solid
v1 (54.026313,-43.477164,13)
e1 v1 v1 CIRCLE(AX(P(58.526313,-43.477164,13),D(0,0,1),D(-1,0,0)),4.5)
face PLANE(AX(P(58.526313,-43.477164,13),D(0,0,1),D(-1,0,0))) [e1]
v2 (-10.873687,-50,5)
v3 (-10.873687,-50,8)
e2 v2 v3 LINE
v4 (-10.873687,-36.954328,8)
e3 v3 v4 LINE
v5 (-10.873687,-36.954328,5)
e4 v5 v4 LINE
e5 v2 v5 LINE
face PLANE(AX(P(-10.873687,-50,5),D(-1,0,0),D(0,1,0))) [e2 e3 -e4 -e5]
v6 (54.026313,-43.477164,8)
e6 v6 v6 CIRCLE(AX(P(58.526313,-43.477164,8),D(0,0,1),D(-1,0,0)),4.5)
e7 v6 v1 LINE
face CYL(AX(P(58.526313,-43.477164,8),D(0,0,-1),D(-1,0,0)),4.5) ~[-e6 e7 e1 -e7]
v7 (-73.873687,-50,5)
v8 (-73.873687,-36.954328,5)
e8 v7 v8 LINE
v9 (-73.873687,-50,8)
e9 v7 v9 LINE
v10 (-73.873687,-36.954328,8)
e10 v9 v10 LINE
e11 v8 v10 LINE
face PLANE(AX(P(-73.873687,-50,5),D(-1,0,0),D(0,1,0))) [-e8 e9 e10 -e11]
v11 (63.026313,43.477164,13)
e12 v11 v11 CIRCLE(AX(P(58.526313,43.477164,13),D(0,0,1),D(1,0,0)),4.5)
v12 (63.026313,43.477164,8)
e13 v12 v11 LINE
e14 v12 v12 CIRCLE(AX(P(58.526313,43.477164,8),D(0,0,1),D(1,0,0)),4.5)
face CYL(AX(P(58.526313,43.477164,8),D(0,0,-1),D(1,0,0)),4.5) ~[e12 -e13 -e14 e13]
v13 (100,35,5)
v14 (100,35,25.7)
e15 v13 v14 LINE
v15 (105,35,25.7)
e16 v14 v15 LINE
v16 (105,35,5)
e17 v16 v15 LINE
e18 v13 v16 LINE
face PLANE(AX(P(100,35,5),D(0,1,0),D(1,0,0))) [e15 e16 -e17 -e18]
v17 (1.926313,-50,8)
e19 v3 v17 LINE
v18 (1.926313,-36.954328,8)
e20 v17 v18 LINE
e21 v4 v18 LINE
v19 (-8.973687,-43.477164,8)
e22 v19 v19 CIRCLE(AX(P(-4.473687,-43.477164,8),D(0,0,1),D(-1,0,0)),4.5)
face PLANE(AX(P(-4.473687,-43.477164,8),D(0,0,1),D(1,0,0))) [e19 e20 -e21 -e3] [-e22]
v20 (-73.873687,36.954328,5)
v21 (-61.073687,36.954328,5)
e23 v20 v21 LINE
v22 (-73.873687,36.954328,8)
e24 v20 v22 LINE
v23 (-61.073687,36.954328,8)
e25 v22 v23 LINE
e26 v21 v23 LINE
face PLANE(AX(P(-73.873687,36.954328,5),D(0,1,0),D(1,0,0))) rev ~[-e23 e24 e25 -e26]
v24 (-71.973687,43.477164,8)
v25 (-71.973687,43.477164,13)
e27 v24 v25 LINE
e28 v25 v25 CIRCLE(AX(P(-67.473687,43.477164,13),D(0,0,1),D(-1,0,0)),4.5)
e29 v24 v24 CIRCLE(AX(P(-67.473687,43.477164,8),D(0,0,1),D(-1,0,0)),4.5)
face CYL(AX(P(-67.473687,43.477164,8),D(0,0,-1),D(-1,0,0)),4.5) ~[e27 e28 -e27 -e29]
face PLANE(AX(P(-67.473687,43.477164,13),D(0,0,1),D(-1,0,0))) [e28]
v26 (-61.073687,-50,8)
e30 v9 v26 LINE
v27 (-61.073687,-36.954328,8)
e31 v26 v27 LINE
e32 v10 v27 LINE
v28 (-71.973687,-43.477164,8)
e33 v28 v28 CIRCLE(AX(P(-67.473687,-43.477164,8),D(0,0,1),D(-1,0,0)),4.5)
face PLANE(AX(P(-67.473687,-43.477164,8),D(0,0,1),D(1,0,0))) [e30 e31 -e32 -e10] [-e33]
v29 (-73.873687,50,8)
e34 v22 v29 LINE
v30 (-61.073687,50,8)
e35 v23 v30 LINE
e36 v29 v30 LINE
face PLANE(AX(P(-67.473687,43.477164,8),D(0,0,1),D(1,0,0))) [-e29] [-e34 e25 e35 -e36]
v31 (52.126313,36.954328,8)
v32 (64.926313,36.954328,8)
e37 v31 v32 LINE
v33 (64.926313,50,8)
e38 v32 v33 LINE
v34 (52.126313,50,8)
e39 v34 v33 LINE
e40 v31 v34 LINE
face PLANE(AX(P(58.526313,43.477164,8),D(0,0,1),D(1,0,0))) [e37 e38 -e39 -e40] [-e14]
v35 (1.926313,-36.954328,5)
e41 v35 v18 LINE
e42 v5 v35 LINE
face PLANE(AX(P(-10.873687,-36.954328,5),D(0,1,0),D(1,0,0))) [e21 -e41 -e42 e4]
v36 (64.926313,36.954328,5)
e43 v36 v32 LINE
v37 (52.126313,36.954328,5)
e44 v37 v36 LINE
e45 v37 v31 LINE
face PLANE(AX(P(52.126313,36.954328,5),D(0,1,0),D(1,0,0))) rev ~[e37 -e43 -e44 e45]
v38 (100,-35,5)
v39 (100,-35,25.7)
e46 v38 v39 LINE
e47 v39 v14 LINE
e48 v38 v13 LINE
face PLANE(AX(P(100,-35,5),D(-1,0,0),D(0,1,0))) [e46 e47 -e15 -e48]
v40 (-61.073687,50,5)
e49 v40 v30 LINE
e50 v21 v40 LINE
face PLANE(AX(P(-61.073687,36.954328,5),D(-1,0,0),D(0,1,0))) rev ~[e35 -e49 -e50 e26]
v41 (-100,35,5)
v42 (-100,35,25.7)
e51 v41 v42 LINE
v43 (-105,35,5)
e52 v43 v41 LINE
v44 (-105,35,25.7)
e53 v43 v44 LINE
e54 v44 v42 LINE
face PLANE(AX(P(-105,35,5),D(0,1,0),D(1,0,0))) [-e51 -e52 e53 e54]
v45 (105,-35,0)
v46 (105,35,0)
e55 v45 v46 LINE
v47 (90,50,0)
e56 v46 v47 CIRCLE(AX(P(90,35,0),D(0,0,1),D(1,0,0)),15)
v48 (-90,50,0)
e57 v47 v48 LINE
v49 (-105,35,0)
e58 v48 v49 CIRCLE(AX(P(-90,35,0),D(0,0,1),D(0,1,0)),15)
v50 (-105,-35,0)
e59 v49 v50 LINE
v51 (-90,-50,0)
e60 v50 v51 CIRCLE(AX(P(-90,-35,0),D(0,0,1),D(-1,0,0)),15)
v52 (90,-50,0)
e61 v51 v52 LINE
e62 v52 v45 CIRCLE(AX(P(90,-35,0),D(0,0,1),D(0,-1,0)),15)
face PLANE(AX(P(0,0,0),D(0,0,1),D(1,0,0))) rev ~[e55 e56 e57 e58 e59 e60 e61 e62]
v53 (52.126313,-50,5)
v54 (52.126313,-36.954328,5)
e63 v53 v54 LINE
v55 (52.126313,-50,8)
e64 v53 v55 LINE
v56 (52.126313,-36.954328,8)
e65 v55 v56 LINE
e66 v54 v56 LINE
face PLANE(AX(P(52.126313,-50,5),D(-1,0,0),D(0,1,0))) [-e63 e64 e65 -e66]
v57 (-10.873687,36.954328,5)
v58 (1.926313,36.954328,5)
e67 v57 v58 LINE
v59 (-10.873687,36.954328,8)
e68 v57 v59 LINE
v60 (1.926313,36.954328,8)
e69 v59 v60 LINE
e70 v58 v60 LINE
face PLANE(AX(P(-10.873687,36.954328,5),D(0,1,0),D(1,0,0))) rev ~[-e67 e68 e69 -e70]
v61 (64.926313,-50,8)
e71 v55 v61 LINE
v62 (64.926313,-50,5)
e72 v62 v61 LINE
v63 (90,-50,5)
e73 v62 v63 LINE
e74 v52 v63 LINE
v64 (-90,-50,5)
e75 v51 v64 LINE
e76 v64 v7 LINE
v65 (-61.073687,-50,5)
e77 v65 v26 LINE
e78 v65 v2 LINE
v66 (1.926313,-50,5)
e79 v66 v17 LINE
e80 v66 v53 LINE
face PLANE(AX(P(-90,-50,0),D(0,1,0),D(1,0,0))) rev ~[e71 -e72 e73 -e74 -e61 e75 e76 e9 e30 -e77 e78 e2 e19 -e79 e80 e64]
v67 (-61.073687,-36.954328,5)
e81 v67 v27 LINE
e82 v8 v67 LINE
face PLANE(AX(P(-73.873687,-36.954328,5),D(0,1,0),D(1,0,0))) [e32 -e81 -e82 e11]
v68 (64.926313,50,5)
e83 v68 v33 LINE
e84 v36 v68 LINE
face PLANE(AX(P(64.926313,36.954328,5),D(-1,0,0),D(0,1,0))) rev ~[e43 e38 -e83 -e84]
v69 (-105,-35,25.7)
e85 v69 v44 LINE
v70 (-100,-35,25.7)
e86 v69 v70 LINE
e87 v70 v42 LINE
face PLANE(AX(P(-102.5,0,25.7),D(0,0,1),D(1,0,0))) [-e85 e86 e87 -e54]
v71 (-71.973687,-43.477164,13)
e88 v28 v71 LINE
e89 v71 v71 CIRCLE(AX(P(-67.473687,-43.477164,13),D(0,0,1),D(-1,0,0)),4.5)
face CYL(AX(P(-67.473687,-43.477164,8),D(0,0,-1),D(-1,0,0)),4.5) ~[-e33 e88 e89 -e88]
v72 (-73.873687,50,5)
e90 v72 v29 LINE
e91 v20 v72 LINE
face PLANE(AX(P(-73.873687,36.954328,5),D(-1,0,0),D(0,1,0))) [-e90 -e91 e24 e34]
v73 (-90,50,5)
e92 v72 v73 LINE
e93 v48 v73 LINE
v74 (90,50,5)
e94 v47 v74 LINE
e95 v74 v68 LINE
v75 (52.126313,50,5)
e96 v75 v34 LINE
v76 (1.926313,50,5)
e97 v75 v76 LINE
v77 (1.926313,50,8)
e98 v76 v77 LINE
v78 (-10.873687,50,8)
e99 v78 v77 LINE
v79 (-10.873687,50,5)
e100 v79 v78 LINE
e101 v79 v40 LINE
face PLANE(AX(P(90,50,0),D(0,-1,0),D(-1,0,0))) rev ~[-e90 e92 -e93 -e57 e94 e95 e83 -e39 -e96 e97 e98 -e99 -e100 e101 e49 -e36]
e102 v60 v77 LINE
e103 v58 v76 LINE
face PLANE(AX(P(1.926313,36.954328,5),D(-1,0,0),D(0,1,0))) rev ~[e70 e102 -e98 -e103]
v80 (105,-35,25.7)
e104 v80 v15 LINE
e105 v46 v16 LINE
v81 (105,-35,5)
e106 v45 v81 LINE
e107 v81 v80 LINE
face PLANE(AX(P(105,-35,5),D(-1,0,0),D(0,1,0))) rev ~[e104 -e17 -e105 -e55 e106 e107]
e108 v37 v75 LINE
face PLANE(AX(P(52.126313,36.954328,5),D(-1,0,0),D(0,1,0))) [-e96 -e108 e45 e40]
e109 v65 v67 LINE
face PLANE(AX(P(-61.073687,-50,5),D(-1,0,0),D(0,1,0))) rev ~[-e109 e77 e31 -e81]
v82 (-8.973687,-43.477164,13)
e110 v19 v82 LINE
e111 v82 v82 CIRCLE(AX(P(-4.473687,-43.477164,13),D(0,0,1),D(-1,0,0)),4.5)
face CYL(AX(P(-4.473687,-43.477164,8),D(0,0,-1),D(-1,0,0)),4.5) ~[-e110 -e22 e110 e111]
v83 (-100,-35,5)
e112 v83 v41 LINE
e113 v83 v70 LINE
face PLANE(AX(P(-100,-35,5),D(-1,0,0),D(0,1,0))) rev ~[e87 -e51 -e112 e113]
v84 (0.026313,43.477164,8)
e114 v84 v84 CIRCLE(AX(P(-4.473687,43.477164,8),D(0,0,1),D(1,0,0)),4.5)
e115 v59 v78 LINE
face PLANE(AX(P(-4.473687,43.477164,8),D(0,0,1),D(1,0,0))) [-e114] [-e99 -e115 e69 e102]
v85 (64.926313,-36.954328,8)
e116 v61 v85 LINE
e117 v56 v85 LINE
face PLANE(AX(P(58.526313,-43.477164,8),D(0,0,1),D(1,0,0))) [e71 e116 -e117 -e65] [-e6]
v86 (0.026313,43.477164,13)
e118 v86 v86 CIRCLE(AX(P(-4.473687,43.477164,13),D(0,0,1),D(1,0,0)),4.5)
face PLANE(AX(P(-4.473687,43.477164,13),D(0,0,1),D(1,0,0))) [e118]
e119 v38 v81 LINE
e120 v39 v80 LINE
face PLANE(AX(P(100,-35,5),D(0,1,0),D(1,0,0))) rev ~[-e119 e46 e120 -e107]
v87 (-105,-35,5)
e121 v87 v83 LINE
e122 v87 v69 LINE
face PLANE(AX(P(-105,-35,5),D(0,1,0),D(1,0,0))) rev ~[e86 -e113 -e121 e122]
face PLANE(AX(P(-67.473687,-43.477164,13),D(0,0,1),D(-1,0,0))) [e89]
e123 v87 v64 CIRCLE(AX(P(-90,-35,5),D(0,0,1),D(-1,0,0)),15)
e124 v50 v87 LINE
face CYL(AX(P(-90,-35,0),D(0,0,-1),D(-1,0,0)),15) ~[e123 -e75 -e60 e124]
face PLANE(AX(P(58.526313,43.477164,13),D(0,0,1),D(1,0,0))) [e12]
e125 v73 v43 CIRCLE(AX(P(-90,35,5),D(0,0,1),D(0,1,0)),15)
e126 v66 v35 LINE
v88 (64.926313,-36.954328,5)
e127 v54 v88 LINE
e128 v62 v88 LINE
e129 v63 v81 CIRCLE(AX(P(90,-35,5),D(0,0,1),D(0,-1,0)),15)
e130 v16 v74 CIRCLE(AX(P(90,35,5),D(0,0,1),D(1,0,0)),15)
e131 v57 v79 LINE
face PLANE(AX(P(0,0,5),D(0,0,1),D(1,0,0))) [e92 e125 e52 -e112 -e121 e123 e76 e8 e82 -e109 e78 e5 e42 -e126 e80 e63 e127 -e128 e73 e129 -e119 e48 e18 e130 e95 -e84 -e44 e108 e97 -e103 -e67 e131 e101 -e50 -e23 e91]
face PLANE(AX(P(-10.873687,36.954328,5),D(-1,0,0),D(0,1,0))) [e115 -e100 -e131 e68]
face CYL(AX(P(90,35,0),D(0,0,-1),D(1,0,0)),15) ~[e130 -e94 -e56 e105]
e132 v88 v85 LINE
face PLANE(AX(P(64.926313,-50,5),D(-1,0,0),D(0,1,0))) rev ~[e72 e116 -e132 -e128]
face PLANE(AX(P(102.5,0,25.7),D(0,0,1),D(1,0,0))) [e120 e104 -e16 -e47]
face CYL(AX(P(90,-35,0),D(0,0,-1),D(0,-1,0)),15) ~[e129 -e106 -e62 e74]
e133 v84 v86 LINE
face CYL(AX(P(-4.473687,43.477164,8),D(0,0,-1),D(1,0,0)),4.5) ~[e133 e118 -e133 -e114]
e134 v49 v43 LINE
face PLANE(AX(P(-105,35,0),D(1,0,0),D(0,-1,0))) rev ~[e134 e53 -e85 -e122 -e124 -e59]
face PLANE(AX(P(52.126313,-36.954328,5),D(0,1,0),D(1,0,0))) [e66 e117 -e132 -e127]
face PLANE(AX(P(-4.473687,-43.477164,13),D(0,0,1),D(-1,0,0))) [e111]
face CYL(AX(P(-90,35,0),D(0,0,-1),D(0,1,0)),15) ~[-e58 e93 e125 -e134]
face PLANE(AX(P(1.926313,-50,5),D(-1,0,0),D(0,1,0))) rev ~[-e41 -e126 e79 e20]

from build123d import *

# Parameters (mm, degrees)
BOSS_EXTRUDE1_DEPTH = 5
SKETCH3_W           = 5
SKETCH3_H           = 70
BOSS_EXTRUDE3_DEPTH = 20.7
SKETCH2_W           = 12.8
SKETCH2_H           = 13.045671514
BOSS_EXTRUDE4_DEPTH = 3
SKETCH4_R           = 4.5
BOSS_EXTRUDE5_DEPTH = 5


with BuildPart() as part:
    # Sketch1 → Boss-Extrude1 (new body)
    with BuildSketch(Plane.XY):
        with BuildLine():
            Line((-90, -50), (90, -50))
            ThreePointArc((90, -50), (100.606601718, -45.606601718), (105, -35))
            Line((105, -35), (105, 35))
            ThreePointArc((105, 35), (100.606601718, 45.606601718), (90, 50))
            Line((90, 50), (-90, 50))
            ThreePointArc((-90, 50), (-100.606601718, 45.606601718), (-105, 35))
            Line((-105, 35), (-105, -35))
            ThreePointArc((-105, -35), (-100.606601718, -45.606601718), (-90, -50))
        make_face()
    extrude(amount=BOSS_EXTRUDE1_DEPTH)

    # Sketch3 → Boss-Extrude3 (add)
    with BuildSketch(Plane.XY.offset(5)):
        with Locations((102.5, 0)):
            Rectangle(SKETCH3_W, SKETCH3_H)
        with Locations((-102.5, 0)):
            Rectangle(SKETCH3_W, SKETCH3_H)
    extrude(amount=BOSS_EXTRUDE3_DEPTH)

    # Sketch2 → Boss-Extrude4 (add)
    with BuildSketch(Plane.XY.offset(5)):
        with Locations((-67.473686504, 43.477164243)):
            Rectangle(SKETCH2_W, SKETCH2_H)
        with Locations((-4.473686504, 43.477164243)):
            Rectangle(SKETCH2_W, SKETCH2_H)
        with Locations((58.526313496, 43.477164243)):
            Rectangle(SKETCH2_W, SKETCH2_H)
        with Locations((-67.473686504, -43.477164243)):
            Rectangle(SKETCH2_W, SKETCH2_H)
        with Locations((-4.473686504, -43.477164243)):
            Rectangle(SKETCH2_W, SKETCH2_H)
        with Locations((58.526313496, -43.477164243)):
            Rectangle(SKETCH2_W, SKETCH2_H)
    extrude(amount=BOSS_EXTRUDE4_DEPTH)

    # Sketch4 → Boss-Extrude5 (add)
    with BuildSketch(Plane.XY.offset(8)):
        with Locations(Location((-67.473686504, 43.477164243, 0), (0, 0, 180))):
            Circle(SKETCH4_R)
        with Locations((-4.473686504, 43.477164243)):
            Circle(SKETCH4_R)
        with Locations((58.526313496, 43.477164243)):
            Circle(SKETCH4_R)
        with Locations(Location((58.526313496, -43.477164243, 0), (0, 0, 180))):
            Circle(SKETCH4_R)
        with Locations(Location((-4.473686504, -43.477164243, 0), (0, 0, 180))):
            Circle(SKETCH4_R)
        with Locations(Location((-67.473686504, -43.477164243, 0), (0, 0, 180))):
            Circle(SKETCH4_R)
    extrude(amount=BOSS_EXTRUDE5_DEPTH)


solid = part.part
